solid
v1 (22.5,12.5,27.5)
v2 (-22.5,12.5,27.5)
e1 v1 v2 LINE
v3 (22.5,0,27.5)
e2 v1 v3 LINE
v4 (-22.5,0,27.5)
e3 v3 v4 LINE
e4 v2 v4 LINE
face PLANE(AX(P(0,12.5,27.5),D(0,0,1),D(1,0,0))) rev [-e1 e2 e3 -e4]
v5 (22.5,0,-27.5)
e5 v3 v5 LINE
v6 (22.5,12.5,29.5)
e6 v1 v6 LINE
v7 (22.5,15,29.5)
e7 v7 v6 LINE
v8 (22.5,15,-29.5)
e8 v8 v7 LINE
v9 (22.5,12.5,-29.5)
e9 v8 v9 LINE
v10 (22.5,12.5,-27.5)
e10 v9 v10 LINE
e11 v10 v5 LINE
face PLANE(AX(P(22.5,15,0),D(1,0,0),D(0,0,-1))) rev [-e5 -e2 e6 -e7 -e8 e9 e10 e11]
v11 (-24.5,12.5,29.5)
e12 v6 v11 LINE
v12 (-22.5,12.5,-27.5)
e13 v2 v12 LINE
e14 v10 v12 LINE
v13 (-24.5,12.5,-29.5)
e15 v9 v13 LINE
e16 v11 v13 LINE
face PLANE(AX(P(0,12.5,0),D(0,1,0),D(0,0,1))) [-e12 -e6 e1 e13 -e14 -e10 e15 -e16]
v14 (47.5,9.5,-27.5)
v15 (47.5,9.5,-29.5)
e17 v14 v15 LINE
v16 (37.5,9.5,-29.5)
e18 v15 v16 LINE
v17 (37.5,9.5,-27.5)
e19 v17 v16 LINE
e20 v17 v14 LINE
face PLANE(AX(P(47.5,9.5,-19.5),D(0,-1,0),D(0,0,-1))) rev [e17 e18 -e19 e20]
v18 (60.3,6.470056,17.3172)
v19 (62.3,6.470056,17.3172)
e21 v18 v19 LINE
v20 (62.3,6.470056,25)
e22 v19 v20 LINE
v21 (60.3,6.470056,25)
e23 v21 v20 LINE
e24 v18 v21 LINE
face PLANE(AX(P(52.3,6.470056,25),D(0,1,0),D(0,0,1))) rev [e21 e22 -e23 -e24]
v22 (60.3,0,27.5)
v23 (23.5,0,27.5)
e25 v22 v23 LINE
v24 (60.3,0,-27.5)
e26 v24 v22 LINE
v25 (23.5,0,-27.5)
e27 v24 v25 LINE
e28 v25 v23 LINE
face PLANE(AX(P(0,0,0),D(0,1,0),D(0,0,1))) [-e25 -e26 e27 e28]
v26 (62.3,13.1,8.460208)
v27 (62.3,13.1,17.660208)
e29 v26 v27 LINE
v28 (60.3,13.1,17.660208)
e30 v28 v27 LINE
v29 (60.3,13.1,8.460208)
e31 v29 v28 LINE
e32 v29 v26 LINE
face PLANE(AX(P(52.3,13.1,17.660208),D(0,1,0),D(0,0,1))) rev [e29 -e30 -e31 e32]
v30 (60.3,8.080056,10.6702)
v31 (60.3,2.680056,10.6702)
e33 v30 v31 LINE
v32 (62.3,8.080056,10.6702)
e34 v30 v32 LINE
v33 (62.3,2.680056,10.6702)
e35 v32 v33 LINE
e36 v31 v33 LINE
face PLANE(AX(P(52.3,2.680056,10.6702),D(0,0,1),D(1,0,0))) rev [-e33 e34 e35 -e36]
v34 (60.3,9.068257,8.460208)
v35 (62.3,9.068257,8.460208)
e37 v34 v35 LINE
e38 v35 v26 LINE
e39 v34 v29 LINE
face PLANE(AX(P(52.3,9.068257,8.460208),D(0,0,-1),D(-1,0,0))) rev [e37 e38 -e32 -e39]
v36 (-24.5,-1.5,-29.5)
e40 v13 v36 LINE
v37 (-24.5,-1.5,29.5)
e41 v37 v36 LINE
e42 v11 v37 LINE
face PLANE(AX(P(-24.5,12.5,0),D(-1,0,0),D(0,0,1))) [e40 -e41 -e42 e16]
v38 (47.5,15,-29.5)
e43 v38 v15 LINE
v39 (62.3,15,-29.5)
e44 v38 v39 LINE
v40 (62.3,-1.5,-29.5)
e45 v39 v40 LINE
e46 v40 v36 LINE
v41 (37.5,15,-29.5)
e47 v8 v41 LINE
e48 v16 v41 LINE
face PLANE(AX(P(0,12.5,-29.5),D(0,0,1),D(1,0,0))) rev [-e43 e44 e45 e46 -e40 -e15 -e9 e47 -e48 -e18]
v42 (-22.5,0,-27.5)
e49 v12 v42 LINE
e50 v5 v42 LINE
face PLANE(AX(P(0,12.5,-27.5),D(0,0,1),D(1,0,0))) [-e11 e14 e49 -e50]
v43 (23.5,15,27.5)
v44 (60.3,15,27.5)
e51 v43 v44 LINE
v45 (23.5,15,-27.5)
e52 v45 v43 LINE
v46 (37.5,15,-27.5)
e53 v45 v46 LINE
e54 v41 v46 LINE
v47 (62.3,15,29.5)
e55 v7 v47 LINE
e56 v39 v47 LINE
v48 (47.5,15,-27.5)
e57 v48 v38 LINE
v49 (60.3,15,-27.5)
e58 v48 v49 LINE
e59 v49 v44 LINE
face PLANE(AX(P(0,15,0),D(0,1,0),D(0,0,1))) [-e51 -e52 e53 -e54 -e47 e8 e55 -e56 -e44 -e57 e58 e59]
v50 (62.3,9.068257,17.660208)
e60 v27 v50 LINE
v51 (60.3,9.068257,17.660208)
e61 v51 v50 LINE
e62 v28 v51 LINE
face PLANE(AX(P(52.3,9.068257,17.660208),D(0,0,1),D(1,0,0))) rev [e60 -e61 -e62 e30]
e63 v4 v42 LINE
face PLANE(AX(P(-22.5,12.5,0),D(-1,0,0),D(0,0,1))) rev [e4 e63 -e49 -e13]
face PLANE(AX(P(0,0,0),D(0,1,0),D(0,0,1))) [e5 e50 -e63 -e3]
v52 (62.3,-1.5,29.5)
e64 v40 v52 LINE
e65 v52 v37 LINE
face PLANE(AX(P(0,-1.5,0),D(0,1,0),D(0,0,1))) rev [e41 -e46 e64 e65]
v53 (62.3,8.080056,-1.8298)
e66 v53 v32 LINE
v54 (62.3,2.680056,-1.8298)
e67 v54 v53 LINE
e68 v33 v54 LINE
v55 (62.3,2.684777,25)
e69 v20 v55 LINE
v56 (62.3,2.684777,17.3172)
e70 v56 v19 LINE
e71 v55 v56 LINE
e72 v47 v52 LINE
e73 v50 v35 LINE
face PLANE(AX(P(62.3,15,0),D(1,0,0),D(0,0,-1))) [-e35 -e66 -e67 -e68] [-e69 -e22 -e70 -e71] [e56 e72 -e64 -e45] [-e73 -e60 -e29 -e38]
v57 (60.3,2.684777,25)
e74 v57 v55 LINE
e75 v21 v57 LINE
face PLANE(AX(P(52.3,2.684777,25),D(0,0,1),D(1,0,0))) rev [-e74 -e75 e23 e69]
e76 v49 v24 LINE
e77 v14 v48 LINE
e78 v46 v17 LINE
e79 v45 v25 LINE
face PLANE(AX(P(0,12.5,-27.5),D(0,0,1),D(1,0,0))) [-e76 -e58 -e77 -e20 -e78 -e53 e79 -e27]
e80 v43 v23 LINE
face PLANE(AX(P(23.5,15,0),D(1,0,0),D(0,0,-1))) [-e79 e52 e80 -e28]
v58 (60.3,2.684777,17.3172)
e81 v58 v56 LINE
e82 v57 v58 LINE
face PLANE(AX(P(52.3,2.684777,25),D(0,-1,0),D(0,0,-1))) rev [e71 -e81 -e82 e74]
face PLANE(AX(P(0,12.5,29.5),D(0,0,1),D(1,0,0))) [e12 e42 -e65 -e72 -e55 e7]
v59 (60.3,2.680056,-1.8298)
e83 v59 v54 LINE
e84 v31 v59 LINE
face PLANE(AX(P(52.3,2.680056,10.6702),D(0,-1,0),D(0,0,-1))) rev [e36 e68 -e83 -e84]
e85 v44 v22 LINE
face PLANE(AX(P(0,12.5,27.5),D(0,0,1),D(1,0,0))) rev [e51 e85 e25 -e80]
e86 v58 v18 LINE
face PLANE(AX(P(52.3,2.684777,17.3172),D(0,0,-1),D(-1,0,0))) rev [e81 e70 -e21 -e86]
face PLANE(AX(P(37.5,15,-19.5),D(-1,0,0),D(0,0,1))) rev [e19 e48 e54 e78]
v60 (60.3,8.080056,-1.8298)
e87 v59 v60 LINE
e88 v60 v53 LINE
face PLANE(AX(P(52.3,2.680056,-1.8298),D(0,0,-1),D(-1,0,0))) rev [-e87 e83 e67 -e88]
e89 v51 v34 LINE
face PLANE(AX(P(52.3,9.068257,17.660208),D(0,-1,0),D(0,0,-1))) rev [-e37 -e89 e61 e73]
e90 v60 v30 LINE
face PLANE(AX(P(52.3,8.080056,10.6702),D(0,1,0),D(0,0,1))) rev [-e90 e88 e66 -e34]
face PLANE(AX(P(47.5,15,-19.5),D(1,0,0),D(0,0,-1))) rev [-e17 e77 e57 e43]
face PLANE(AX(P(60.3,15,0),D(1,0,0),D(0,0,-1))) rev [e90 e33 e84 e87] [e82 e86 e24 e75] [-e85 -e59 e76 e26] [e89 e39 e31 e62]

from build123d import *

# Parameters (mm, degrees)
BOSS_EXTRUDE1_DEPTH = 12.5
BOSS_EXTRUDE2_DEPTH = 15
SKETCH1_7_W         = 1
SKETCH1_7_H         = 55
BOSS_EXTRUDE3_DEPTH = 15
SKETCH1_10_W        = 86.8
SKETCH1_10_H        = 59
BOSS_EXTRUDE5_DEPTH = 1.5
SKETCH2_W           = 7.6828
SKETCH2_H           = 3.785279572
SKETCH2_W_2         = 12.5
SKETCH2_H_2         = 5.4
SKETCH2_W_3         = 9.2
SKETCH2_H_3         = 4.03174267
CUT_EXTRUDE1_DEPTH  = 10
SKETCH3_W           = 10
SKETCH3_H           = 5.5
CUT_EXTRUDE2_DEPTH  = 10


with BuildPart() as part:
    # Sketch1 → Boss-Extrude1 (new body)
    with BuildSketch(Plane(origin=(0, 0, 0), x_dir=(1, 0, 0), z_dir=(0, 1, 0))):
        Polygon((22.5, -29.5), (22.5, -27.5), (-22.5, -27.5), (-22.5, 27.5), (22.5, 27.5), (22.5, 29.5), (-24.5, 29.5), (-24.5, -29.5), align=None)
    extrude(amount=BOSS_EXTRUDE1_DEPTH)

    # Sketch1<5> → Boss-Extrude2 (add)
    with BuildSketch(Plane(origin=(0, 0, 0), x_dir=(1, 0, 0), z_dir=(0, 1, 0))):
        Polygon((23.5, -27.5), (22.5, -27.5), (22.5, -29.5), (23.5, -29.5), (62.3, -29.5), (62.3, 29.5), (23.5, 29.5), (22.5, 29.5), (22.5, 27.5), (23.5, 27.5), (60.3, 27.5), (60.3, -27.5), align=None)
    extrude(amount=BOSS_EXTRUDE2_DEPTH)

    # Sketch1<7> → Boss-Extrude3 (add)
    with BuildSketch(Plane(origin=(0, 0, 0), x_dir=(1, 0, 0), z_dir=(0, 1, 0))):
        with Locations((23, 0)):
            Rectangle(SKETCH1_7_W, SKETCH1_7_H)
    extrude(amount=BOSS_EXTRUDE3_DEPTH)

    # Sketch1<10> → Boss-Extrude5 (add)
    with BuildSketch(Plane(origin=(0, 0, 0), x_dir=(1, 0, 0), z_dir=(0, 1, 0))):
        with Locations((18.9, 0)):
            Rectangle(SKETCH1_10_W, SKETCH1_10_H)
    extrude(amount=-BOSS_EXTRUDE5_DEPTH)

    # Sketch2 → Cut-Extrude1 (cut)
    with BuildSketch(Plane(origin=(62.3, 0, 0), x_dir=(0, 0, -1), z_dir=(1, 0, 0))):
        with Locations((-21.1586, 4.57741645)):
            Rectangle(SKETCH2_W, SKETCH2_H)
        with Locations((-4.4202, 5.380056236)):
            Rectangle(SKETCH2_W_2, SKETCH2_H_2)
        with Locations((-13.060208334, 11.084128665)):
            Rectangle(SKETCH2_W_3, SKETCH2_H_3)
    extrude(amount=-CUT_EXTRUDE1_DEPTH, mode=Mode.SUBTRACT)

    # Sketch3 → Cut-Extrude2 (cut)
    with BuildSketch(Plane(origin=(0, 0, -29.5), x_dir=(-1, 0, 0), z_dir=(0, 0, -1))):
        with Locations((-42.5, 12.25)):
            Rectangle(SKETCH3_W, SKETCH3_H)
    extrude(amount=-CUT_EXTRUDE2_DEPTH, mode=Mode.SUBTRACT)


solid = part.part
